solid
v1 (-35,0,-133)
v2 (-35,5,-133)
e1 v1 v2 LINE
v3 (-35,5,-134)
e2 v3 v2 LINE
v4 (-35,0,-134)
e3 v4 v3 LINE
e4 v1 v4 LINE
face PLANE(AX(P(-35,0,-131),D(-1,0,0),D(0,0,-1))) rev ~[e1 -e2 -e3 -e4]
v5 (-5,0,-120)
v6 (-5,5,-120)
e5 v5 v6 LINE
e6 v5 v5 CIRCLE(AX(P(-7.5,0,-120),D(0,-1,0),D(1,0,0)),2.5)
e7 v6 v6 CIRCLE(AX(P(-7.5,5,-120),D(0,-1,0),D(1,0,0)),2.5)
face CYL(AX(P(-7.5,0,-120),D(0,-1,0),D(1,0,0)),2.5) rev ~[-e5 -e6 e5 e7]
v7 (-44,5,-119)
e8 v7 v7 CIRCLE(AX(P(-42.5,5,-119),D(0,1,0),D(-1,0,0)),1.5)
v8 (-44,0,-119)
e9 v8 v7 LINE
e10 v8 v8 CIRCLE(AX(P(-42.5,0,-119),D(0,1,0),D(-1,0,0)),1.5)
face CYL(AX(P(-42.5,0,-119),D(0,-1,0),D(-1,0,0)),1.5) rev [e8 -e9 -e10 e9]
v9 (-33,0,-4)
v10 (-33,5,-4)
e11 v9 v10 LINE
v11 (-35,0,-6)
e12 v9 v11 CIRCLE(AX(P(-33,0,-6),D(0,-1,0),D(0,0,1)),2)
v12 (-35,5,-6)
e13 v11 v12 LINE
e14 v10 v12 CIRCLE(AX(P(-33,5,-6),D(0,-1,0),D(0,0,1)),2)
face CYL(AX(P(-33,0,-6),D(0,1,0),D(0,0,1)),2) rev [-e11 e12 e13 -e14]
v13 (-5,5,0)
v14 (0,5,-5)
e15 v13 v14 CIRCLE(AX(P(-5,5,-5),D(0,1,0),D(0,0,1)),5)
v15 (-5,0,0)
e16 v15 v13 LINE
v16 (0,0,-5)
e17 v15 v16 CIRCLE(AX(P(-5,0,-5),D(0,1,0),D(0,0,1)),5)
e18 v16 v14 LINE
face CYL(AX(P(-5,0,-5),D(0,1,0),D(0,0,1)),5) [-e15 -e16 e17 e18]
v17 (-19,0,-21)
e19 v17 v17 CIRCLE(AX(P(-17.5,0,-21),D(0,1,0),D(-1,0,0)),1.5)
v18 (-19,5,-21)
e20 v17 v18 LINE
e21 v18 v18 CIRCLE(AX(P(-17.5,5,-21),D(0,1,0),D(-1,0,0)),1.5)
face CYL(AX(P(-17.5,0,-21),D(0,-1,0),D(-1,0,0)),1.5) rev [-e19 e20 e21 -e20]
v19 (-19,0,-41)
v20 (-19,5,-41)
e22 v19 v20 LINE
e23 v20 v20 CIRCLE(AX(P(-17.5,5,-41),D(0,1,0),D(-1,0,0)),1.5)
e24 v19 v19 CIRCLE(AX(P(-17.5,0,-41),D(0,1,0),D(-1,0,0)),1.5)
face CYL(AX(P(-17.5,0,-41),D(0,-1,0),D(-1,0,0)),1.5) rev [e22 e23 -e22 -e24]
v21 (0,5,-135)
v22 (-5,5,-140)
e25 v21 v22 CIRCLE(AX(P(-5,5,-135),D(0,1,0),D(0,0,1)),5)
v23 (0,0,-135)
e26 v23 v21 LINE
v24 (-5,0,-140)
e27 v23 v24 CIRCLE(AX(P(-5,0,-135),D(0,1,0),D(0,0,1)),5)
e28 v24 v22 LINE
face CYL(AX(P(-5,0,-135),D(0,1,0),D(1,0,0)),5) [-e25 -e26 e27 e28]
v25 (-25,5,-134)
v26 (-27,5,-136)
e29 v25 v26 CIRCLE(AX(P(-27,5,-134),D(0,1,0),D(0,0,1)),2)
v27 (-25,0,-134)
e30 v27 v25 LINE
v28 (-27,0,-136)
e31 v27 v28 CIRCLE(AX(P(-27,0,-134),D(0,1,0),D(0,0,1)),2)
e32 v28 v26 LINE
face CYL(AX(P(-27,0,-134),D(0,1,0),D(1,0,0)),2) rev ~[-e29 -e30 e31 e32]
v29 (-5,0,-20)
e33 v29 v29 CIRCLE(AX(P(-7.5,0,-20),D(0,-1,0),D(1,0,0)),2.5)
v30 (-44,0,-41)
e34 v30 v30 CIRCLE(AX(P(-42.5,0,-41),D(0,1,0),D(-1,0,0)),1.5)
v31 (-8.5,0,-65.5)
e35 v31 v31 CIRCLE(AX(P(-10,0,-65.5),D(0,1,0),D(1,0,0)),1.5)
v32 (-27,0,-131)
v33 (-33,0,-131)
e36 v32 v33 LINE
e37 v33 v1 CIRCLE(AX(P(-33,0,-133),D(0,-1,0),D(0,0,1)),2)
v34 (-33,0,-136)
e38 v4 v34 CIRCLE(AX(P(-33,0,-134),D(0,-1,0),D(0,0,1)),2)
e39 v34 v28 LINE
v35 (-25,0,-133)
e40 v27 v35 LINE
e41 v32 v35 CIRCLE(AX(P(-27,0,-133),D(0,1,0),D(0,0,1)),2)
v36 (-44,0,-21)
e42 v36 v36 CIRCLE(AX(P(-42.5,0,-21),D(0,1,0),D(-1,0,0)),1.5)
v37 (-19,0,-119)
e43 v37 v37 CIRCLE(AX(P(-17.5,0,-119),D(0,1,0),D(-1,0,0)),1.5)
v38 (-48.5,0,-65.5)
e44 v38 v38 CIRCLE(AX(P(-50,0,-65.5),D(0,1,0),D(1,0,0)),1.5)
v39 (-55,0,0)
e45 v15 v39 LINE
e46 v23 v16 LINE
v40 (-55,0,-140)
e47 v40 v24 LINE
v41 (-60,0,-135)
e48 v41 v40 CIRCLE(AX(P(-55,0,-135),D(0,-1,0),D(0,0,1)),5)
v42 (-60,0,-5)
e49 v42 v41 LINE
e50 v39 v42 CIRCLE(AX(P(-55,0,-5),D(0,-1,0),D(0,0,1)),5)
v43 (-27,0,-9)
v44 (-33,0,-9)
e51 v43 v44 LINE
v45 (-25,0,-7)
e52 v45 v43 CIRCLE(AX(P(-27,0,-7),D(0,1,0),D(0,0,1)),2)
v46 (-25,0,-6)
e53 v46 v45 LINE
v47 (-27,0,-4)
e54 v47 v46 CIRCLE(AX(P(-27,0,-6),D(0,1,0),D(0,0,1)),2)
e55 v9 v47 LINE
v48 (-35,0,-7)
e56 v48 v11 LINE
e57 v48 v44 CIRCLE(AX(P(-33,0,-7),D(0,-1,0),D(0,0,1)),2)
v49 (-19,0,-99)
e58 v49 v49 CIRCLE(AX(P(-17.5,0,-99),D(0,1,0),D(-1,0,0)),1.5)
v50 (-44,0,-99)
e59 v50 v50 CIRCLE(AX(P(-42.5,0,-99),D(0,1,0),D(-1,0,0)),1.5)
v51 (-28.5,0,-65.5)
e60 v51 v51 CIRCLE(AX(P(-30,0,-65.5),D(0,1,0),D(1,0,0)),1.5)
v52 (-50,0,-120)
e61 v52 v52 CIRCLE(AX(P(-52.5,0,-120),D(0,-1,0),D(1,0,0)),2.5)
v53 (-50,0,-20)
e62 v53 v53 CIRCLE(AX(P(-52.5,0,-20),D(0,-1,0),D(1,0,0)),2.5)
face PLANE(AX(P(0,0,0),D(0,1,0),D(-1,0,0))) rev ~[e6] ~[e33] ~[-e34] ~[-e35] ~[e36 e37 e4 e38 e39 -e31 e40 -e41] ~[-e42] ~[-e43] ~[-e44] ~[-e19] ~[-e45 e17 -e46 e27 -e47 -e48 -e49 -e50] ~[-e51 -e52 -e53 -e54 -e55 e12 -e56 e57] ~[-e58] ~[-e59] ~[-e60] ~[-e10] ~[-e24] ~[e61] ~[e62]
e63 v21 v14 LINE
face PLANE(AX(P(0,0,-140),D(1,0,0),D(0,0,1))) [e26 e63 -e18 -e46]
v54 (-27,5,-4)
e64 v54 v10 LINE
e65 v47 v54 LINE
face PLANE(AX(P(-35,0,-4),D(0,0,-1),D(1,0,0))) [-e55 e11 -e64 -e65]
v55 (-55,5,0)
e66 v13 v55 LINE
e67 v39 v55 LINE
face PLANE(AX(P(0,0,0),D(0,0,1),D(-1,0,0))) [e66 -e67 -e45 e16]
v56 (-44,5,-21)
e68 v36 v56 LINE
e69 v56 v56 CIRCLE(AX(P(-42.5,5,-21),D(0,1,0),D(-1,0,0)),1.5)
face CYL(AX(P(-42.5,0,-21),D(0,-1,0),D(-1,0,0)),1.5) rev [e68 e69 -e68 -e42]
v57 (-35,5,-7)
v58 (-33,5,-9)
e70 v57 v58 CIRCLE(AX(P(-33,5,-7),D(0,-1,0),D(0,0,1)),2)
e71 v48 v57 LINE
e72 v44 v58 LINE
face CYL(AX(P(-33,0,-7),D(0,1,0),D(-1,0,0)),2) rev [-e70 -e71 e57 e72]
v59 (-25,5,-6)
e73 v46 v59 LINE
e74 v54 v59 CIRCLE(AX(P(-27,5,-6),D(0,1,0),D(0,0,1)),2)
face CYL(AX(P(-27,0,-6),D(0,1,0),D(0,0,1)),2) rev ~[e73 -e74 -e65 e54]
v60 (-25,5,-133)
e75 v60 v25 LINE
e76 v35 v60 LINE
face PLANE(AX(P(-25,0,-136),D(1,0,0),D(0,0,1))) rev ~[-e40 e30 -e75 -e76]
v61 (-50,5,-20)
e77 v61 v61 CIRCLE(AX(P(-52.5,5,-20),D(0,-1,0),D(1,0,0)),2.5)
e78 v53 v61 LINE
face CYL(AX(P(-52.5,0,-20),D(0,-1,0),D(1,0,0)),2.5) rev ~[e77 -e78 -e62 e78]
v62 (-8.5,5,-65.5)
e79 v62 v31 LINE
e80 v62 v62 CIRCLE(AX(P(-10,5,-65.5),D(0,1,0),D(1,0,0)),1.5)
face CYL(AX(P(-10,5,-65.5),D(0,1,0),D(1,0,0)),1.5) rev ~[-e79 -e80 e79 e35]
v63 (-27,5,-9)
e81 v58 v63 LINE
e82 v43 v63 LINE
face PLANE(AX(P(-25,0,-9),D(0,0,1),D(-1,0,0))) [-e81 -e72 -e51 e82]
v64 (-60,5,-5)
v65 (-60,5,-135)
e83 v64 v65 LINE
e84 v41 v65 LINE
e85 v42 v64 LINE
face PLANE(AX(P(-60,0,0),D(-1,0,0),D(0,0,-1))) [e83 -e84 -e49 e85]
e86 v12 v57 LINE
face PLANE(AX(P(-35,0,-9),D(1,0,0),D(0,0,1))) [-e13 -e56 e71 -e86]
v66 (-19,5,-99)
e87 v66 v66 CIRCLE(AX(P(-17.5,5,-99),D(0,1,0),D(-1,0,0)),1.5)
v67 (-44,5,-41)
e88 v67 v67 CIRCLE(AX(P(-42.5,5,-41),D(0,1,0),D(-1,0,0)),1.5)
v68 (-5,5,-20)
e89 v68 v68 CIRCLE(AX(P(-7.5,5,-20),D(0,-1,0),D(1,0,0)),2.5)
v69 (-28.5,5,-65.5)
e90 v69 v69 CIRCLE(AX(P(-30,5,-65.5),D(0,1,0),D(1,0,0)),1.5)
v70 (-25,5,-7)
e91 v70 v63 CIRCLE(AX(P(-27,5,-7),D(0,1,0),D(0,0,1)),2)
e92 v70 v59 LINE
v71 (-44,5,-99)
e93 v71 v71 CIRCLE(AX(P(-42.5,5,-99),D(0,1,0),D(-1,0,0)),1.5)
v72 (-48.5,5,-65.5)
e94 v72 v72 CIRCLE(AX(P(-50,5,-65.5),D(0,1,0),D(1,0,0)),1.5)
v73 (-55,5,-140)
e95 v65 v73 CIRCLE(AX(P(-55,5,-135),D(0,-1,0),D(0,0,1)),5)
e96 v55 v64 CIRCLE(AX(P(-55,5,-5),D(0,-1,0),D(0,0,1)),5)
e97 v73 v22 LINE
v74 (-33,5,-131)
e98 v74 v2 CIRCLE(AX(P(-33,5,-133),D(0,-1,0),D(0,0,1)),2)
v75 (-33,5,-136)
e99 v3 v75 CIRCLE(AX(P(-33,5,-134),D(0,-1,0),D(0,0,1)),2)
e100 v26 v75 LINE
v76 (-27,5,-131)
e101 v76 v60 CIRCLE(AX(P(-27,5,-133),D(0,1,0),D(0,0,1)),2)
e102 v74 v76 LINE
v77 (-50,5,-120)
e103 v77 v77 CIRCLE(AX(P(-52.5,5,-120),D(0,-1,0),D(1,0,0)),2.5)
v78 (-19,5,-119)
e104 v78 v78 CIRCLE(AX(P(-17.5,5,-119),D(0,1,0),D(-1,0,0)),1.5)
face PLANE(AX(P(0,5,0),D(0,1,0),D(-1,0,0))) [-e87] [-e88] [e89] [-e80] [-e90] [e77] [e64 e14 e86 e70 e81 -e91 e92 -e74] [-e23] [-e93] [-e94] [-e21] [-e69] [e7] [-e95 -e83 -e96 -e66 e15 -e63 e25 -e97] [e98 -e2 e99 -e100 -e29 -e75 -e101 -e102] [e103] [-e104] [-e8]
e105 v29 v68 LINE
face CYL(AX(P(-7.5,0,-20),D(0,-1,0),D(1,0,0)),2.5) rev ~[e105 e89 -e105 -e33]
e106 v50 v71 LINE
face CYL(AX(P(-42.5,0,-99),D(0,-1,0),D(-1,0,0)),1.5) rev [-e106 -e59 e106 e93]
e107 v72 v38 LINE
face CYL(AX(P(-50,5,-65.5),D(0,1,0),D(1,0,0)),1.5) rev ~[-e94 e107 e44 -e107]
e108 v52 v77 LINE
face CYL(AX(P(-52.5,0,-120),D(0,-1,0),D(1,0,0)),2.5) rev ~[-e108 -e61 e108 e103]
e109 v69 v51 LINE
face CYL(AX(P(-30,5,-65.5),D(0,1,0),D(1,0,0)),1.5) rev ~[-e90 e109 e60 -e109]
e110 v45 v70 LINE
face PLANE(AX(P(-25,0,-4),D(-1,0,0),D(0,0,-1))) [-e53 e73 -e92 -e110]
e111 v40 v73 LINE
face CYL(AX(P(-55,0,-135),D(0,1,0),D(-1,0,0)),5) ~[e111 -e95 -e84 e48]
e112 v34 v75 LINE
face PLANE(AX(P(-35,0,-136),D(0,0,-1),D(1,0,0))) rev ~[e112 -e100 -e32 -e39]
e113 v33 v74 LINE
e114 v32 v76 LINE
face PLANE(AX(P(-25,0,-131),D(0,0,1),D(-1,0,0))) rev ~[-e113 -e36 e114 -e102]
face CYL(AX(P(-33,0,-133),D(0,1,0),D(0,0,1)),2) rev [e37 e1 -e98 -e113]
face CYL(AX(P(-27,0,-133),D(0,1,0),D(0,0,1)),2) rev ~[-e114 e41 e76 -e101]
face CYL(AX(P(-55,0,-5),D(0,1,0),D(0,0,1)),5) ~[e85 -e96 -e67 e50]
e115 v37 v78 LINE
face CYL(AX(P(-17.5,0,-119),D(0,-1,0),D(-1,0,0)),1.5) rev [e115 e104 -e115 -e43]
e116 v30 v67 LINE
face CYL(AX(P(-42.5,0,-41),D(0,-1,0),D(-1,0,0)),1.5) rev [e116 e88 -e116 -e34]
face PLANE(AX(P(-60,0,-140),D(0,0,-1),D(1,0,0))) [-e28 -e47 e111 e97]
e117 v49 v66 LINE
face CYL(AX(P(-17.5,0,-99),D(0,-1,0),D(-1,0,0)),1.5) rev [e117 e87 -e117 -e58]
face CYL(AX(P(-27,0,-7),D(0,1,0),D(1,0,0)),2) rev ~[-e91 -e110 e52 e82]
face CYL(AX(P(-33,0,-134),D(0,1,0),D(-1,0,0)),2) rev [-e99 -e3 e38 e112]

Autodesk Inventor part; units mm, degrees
ref_plane "YZ Plane" through (0, 0, 0) normal (1, 0, 0) x (0, 1, 0)
ref_plane "XZ Plane" through (0, 0, 0) normal (0, 1, 0) x (-1, 0, 0)
ref_plane "XY Plane" through (0, 0, 0) normal (0, 0, 1) x (1, 0, 0)
sketch "Sketch1" plane through (0, 0, 0) normal (0, 1, 0) x (-1, 0, 0)
  line L0 (0, 0) -> (60, 0)
  line L1 (60, 0) -> (60, -140)
  line L2 (60, -140) -> (0, -140)
  line L3 (0, -140) -> (0, 0)
  line L4 (30, -20.8594) -> (30, -183.1932) construction
  line L5 (42.5, -21.7206) -> (42.5, -191.0157) construction
  line L6 (17.5, -21.7206) -> (17.5, -184.1979) construction
  circle A0 centre (42.5, -21) radius 1.5
  circle A1 centre (42.5, -41) radius 1.5
  circle A2 centre (42.5, -99) radius 1.5
  circle A3 centre (42.5, -119) radius 1.5
  circle A4 centre (17.5, -99) radius 1.5
  circle A5 centre (17.5, -119) radius 1.5
  circle A6 centre (17.5, -41) radius 1.5
  circle A7 centre (17.5, -21) radius 1.5
  dimension "d0" = 140
  dimension "d1" = 60
  dimension "d2" = 30
  dimension "d3" = 12.5
  dimension "d4" = 12.5
  dimension "d5" = 3
  dimension "d6" = 3
  dimension "d7" = 3
  dimension "d8" = 3
  dimension "d9" = 3
  dimension "d10" = 3
  dimension "d11" = 3
  dimension "d12" = 3
  dimension "d13" = 20
  dimension "d14" = 20
  dimension "d15" = 20
  dimension "d16" = 20
  dimension "d17" = 21
  dimension "d18" = 21
  dimension "d19" = 21
  dimension "d20" = 21
extrude "Extrusion1" add sketch "Sketch1" along normal blind 5
sketch "Sketch2" plane through (0, 0, 0) normal (0, -1, 0) x (1, 0, 0)
  circle A0 centre (-52.5, -120) radius 2.5
  circle A1 centre (-52.5, -20) radius 2.5
  circle A2 centre (-7.5, -120) radius 2.5
  circle A3 centre (-7.5, -20) radius 2.5
  line L0 (-60, -140) -> (-60, 0) projected
  line L1 (0, -140) -> (-60, -140) projected
  line L2 (-60, 0) -> (0, 0) projected
  line L3 (0, 0) -> (0, -140) projected
  dimension "d23" = 5
  dimension "d24" = 5
  dimension "d25" = 5
  dimension "d26" = 5
  dimension "d27" = 7.5
  dimension "d28" = 20
  dimension "d29" = 7.5
  dimension "d30" = 20
  dimension "d31" = 20
  dimension "d32" = 7.5
  dimension "d33" = 20
  dimension "d34" = 7.5
extrude "Extrusion2" cut sketch "Sketch2" against normal blind 10 contours A0 | A1 | A2 | A3
sketch "Sketch3" plane through (0, 0, 0) normal (0, -1, 0) x (1, 0, 0)
  line L0 (-68.3542, -70) -> (15.9682, -70) construction
  line L1 (0, -140) -> (-60, -140) projected
  line L2 (-35, -136) -> (-25, -136)
  line L3 (-25, -136) -> (-25, -131)
  line L4 (-25, -131) -> (-35, -131)
  line L5 (-35, -131) -> (-35, -136)
  line L6 (-60, -140) -> (-60, 0) projected
  line L7 (-35, -4) -> (-25, -4)
  line L8 (-25, -4) -> (-25, -9)
  line L9 (-25, -9) -> (-35, -9)
  line L10 (-35, -9) -> (-35, -4)
  point P0 (0, 0)
  dimension "d40" = 70
  dimension "d41" = 10
  dimension "d42" = 25
  dimension "d43" = 4
  dimension "d44" = 5
extrude "Extrusion3" cut sketch "Sketch3" against normal blind 10
fillet "Fillet2" radius 5 4 edges at (0, 2.5, -140) (-60, 2.5, -140) (-60, 2.5, 0) (0, 2.5, 0)
sketch "Sketch4" plane through (0, 5, 0) normal (0, 1, 0) x (1, 0, 0)
  circle A0 centre (-10, 65.5) radius 1.5
  circle A1 centre (-30, 65.5) radius 1.5
  circle A2 centre (-50, 65.5) radius 1.5
  line L0 (3.8133, 65.5) -> (-51.9818, 65.5) construction
  line L1 (-55, 0) -> (-5, 0) projected
  line L2 (0, 5) -> (0, 135) projected
  point P0 (0, 0)
  dimension "d49" = 3
  dimension "d50" = 3
  dimension "d51" = 3
  dimension "d52" = 65.5
  dimension "d53" = 10
  dimension "d54" = 30
  dimension "d55" = 50
extrude "Extrusion4" cut sketch "Sketch4" against normal blind 10
fillet "Fillet3" radius 2 8 edges at (-25, 2.5, -131) (-25, 2.5, -136) (-35, 2.5, -136) (-35, 2.5, -131) (-25, 2.5, -9) (-25, 2.5, -4) (-35, 2.5, -4) (-35, 2.5, -9)
equation "\"d2\" = 0.5 * d1"
equation "\"d4\" = d3"
equation "\"d6\" = d5"
equation "\"d7\" = d5"
equation "\"d8\" = d5"
equation "\"d9\" = d5"
equation "\"d10\" = d5"
equation "\"d11\" = d5"
equation "\"d12\" = d5"
equation "\"d14\" = d13"
equation "\"d15\" = d13"
equation "\"d16\" = d13"
equation "\"d18\" = d17"
equation "\"d19\" = d17"
equation "\"d20\" = d17"
equation "\"d29\" = d27"
equation "\"d30\" = d28"
equation "\"d31\" = d28"
equation "\"d32\" = d27"
equation "\"d33\" = d28"
equation "\"d34\" = d27"
properties part number "Y-Axis_back_plate_bottom"
